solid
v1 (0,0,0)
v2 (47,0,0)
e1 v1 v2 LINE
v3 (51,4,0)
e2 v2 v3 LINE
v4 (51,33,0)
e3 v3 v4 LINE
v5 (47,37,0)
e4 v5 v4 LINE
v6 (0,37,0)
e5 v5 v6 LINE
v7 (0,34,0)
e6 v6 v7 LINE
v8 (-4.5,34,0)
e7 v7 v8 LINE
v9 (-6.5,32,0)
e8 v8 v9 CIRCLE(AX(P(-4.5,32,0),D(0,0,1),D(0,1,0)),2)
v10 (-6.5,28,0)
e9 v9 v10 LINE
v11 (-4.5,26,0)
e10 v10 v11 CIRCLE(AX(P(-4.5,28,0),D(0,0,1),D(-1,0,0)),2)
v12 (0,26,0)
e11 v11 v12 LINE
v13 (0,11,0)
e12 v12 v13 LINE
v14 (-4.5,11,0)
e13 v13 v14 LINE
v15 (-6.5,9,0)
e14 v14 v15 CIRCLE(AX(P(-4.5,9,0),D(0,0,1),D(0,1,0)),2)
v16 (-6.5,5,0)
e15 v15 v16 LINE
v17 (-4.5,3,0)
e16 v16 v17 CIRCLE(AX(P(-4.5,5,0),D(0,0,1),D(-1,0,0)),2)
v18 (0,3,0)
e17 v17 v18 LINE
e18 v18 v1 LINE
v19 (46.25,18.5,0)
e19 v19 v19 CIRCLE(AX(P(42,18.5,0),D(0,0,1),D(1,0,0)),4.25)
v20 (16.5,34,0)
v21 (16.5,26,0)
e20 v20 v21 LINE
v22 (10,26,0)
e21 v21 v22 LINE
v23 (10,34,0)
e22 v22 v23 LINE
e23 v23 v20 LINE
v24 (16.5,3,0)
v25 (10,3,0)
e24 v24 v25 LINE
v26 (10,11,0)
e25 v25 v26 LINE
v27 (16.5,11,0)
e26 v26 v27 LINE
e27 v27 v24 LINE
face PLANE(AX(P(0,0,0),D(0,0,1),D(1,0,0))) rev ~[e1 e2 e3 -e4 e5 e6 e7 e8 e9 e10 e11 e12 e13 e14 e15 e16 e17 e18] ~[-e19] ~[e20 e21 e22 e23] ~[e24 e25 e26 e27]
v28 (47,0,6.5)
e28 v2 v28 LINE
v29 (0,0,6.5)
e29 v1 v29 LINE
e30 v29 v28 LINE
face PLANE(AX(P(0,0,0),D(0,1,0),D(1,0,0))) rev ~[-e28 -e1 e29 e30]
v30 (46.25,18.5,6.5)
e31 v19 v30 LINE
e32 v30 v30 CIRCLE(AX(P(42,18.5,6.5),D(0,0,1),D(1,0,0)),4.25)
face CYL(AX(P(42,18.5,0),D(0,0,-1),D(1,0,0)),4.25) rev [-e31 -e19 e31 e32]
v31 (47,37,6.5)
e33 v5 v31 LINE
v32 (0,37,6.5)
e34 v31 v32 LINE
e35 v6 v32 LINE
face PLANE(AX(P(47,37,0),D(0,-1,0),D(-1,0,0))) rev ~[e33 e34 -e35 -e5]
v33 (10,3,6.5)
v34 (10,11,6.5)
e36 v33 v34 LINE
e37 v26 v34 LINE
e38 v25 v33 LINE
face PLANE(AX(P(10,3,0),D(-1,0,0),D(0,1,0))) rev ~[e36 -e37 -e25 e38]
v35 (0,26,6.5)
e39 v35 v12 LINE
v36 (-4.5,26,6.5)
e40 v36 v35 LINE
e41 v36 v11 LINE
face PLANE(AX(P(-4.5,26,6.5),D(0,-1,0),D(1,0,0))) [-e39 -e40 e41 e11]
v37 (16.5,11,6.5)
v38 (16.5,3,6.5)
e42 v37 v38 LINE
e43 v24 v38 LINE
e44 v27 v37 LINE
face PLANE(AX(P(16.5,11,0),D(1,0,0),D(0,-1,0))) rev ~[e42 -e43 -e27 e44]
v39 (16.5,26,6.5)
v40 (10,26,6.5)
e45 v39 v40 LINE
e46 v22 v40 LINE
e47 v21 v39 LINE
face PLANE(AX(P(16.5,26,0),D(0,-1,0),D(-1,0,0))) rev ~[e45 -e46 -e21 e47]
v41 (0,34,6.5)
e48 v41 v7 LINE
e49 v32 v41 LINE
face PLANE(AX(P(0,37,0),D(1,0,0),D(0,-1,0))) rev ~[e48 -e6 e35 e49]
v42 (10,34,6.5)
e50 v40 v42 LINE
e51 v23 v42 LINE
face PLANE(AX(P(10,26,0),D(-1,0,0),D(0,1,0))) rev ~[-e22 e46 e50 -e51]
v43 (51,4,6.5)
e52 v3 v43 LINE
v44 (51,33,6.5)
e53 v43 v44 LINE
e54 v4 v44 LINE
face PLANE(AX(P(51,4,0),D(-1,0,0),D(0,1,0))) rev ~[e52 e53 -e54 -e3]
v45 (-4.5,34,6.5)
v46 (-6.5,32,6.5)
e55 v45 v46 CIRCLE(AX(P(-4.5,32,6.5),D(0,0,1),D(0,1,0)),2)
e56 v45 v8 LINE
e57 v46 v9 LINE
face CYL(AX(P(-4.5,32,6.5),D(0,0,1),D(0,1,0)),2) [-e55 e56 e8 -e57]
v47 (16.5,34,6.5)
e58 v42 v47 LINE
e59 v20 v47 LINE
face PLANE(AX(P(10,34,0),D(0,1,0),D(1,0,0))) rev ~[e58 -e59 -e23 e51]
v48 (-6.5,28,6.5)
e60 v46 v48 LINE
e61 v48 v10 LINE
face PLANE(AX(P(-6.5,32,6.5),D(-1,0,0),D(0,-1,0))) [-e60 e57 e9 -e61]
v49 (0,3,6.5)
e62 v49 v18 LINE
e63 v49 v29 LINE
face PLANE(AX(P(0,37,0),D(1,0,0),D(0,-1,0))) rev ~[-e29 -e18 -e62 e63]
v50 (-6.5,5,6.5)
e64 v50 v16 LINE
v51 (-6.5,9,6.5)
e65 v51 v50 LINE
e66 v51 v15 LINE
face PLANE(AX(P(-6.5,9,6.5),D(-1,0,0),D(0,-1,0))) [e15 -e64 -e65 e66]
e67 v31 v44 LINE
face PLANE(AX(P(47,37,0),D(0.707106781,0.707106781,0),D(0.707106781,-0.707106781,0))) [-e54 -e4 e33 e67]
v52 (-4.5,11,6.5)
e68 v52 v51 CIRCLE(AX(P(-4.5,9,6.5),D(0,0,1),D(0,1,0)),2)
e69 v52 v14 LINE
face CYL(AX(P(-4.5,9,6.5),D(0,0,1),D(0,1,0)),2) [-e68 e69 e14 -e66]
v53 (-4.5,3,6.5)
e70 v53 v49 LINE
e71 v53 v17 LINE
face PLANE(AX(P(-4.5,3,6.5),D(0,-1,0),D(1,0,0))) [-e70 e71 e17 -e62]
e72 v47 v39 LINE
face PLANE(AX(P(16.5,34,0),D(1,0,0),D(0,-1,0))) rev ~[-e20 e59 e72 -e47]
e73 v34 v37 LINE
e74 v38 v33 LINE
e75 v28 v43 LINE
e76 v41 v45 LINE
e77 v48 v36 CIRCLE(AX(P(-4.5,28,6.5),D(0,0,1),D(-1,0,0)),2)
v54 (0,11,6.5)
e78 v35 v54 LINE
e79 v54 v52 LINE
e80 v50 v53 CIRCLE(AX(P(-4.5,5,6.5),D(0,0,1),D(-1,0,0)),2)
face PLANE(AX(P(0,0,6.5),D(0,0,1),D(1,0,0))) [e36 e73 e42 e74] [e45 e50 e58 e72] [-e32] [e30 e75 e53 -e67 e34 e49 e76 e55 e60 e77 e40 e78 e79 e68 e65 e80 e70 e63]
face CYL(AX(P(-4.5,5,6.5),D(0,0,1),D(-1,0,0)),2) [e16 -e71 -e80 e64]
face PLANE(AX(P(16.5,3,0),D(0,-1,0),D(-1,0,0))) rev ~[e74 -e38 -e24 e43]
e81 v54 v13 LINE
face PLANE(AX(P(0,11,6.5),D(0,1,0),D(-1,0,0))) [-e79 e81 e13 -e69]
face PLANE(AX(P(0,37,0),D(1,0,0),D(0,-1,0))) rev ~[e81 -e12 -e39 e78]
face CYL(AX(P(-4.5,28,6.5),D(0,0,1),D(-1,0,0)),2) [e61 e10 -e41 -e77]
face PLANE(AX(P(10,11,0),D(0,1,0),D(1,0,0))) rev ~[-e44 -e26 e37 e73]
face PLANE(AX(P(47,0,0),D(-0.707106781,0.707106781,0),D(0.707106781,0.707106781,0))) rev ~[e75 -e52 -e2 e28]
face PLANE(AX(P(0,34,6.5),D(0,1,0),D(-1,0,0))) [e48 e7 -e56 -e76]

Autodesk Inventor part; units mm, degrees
ref_plane "YZ Plane" through (0, 0, 0) normal (1, 0, 0) x (0, 1, 0)
ref_plane "XZ Plane" through (0, 0, 0) normal (0, 1, 0) x (-1, 0, 0)
ref_plane "XY Plane" through (0, 0, 0) normal (0, 0, 1) x (1, 0, 0)
sketch "Sketch1" plane through (0, 0, 0) normal (0, 0, 1) x (1, 0, 0)
  line L0 (0, 0) -> (47, 0)
  line L1 (51, 4) -> (51, 33)
  line L2 (47, 37) -> (0, 37)
  line L3 (0, 37) -> (0, 0)
  circle A0 centre (42, 18.5) radius 4.25
  line L4 (47, 37) -> (51, 33)
  line L5 (47, 0) -> (51, 4)
  line L6 (10, 34) -> (16.5, 34)
  line L7 (16.5, 34) -> (16.5, 26)
  line L8 (16.5, 26) -> (10, 26)
  line L9 (10, 26) -> (10, 34)
  line L10 (10, 11) -> (16.5, 11)
  line L11 (16.5, 11) -> (16.5, 3)
  line L12 (16.5, 3) -> (10, 3)
  line L13 (10, 3) -> (10, 11)
  line L14 (10, 26) -> (16.5, 11) construction
  line L15 (10, 11) -> (16.5, 26) construction
  circle A1 centre (42, 18.5) radius 16 construction
  line L16 (24, 37) -> (24, 0) construction
  point P0 (51, 37)
  point P1 (51, 0)
  point P2 (0, 18.5)
  point P3 (13.25, 18.5)
  dimension "d0" = 4
  dimension "d1" = 4
  dimension "d2" = 4
  dimension "d3" = 4
  dimension "d4" = 8.5
  dimension "d5" = 37
  dimension "d6" = 6.5
  dimension "d7" = 8
  dimension "d8" = 8
  dimension "d9" = 15
  dimension "d10" = 10
  dimension "d11" = 32
  dimension "d12" = 9
  dimension "d14" = 24
  dimension "d24" = 42
extrude "Extrusion1" add sketch "Sketch1" along normal blind 6.5
sketch "Sketch2" plane through (0, 0, 6.5) normal (0, 0, 1) x (1, 0, 0)
  line L0 (16.5, 26) -> (10, 26) projected
  line L1 (0, 37) -> (0, 0) projected
  line L2 (0, 34) -> (-4.5, 34)
  line L3 (-6.5, 32) -> (-6.5, 28)
  line L4 (-4.5, 26) -> (0, 26)
  line L5 (0, 26) -> (0, 34)
  line L6 (0, 11) -> (-4.5, 11)
  line L7 (-6.5, 9) -> (-6.5, 5)
  line L8 (-4.5, 3) -> (0, 3)
  line L9 (0, 3) -> (0, 11)
  arc A0 (-4.5, 34) -> (-6.5, 32) centre (-4.5, 32) ccw
  arc A1 (-6.5, 28) -> (-4.5, 26) centre (-4.5, 28) ccw
  arc A2 (-4.5, 11) -> (-6.5, 9) centre (-4.5, 9) ccw
  arc A3 (-6.5, 5) -> (-4.5, 3) centre (-4.5, 5) ccw
  dimension "d17" = 2
  dimension "d18" = 6.5
  dimension "d19" = 8
  dimension "d20" = 8
  dimension "d21" = 15
extrude "Extrusion2" add sketch "Sketch2" against normal blind 6.5
equation "\"d1\" = d0"
equation "\"d2\" = d0"
equation "\"d3\" = d2"
properties part number "y_carriage_belt_iddler" material "Plywood, Finish"
